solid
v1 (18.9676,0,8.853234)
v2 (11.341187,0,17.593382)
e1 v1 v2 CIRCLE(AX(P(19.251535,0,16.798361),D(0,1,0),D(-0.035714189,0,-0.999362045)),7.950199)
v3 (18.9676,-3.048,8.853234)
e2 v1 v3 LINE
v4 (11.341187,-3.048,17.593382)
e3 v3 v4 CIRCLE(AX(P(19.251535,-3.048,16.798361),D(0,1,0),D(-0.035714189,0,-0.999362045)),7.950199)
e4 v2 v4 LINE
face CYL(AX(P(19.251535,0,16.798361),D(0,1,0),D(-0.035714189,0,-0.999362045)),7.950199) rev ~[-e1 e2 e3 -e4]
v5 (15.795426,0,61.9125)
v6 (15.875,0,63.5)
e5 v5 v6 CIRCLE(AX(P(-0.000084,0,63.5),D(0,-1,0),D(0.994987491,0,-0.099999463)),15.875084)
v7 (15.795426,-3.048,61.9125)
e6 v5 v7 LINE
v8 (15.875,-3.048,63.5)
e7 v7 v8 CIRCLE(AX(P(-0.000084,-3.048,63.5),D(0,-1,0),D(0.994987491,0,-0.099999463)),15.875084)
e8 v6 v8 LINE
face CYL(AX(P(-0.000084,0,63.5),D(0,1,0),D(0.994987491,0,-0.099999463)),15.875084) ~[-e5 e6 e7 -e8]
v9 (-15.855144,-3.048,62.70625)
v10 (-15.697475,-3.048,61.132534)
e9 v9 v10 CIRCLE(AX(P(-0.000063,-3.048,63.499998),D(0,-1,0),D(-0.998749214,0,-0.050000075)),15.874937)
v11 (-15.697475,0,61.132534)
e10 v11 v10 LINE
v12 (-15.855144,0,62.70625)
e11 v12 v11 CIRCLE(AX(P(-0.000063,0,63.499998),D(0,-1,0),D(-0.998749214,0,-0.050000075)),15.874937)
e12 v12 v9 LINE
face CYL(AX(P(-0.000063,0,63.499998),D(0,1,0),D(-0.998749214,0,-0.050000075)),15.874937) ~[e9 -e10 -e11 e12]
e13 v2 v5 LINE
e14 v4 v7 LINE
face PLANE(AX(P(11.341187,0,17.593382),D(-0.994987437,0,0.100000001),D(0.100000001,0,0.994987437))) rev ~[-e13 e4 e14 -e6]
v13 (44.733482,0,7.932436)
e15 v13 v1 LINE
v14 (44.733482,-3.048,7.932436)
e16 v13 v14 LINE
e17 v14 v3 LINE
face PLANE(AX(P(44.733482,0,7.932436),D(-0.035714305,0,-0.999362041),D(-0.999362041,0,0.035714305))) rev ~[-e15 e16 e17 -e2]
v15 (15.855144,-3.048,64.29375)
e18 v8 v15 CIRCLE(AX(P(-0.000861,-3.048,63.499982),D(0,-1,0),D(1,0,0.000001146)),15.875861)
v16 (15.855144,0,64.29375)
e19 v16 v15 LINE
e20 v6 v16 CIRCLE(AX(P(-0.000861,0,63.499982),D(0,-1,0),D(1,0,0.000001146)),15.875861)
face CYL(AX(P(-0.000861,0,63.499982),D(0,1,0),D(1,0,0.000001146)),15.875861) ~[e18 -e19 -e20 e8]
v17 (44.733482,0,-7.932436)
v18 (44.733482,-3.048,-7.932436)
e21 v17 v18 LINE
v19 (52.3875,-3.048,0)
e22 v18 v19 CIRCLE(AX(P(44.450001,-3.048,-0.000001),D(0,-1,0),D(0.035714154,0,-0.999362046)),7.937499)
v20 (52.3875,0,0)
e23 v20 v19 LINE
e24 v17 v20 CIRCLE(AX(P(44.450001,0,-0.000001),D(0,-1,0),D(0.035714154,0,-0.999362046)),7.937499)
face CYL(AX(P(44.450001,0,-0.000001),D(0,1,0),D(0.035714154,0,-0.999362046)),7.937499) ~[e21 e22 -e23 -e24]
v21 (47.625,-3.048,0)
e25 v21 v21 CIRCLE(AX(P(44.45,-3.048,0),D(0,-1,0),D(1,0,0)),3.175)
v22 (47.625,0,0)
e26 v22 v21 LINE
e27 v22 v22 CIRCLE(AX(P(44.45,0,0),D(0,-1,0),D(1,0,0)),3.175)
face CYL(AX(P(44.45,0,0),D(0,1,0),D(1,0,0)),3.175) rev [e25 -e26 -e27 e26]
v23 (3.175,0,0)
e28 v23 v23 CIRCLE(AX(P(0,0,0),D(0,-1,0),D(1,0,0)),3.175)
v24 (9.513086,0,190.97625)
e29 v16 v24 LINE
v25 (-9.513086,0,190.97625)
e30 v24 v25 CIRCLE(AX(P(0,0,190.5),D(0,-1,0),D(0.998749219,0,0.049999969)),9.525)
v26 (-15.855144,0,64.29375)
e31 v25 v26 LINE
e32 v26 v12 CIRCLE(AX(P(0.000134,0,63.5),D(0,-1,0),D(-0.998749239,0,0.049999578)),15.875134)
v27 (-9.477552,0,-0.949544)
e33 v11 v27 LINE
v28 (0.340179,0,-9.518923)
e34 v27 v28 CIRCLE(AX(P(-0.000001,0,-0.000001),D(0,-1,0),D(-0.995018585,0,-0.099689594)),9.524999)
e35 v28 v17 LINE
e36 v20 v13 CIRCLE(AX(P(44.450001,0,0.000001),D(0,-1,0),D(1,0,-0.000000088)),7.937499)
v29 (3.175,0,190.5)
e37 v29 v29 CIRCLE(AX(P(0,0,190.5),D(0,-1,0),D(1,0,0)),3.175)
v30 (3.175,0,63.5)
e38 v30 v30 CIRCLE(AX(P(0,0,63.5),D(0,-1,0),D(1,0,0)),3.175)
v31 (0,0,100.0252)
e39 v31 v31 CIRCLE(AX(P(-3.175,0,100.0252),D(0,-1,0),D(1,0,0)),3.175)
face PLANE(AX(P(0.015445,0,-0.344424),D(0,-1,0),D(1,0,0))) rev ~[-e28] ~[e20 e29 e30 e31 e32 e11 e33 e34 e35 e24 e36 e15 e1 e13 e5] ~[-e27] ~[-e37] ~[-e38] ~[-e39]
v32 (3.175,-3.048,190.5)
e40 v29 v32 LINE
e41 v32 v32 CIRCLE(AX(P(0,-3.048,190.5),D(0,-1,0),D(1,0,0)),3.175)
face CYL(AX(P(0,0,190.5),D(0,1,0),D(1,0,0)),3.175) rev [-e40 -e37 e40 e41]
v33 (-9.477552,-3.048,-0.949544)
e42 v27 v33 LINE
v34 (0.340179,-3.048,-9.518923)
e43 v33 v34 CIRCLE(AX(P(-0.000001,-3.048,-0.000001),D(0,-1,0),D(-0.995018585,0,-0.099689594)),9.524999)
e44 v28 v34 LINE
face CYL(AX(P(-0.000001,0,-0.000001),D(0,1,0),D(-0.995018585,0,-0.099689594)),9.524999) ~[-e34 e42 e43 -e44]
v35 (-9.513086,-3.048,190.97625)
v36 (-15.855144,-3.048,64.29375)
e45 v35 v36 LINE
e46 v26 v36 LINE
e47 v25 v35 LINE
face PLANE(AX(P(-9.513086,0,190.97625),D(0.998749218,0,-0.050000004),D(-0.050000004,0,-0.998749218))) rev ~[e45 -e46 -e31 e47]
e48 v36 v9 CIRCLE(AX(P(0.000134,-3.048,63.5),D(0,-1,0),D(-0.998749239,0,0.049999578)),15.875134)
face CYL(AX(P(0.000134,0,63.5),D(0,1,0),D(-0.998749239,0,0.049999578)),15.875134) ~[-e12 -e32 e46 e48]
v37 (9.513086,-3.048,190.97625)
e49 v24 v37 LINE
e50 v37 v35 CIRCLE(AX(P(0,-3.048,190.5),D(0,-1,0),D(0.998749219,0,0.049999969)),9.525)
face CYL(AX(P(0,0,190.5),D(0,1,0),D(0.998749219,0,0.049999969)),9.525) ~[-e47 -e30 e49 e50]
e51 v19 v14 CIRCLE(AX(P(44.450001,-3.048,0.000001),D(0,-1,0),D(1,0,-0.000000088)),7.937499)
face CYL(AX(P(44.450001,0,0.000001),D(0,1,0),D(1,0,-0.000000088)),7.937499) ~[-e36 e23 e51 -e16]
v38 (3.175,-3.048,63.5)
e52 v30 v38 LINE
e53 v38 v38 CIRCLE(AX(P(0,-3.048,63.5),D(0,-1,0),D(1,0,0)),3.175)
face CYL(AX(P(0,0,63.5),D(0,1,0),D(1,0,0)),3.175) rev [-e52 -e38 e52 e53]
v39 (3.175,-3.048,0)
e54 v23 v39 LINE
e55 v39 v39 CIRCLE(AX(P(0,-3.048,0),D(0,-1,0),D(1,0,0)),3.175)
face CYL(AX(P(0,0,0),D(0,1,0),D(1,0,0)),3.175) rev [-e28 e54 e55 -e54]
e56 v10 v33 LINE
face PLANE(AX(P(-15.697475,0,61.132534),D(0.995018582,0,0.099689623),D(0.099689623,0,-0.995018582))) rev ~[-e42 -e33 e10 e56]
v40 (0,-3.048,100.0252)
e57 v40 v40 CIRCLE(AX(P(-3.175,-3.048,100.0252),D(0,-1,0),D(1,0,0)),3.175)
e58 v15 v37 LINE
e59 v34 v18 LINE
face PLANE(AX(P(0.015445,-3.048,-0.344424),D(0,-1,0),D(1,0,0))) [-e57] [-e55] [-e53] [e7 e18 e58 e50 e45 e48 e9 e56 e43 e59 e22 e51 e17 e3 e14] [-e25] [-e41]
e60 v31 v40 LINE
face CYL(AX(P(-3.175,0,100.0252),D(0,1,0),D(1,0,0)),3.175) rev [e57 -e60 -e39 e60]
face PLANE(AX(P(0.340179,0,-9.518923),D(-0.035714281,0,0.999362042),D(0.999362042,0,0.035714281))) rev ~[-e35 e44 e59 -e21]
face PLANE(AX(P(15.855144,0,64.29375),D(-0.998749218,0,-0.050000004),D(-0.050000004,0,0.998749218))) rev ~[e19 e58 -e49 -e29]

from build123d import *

# Parameters (mm, degrees)
F0_R     = 3.175
F1_DEPTH = 3.048


with BuildPart() as f1:
    # F0 (on Front) → F1 (new body)
    with BuildSketch(Plane.XZ):
        with BuildLine():
            ThreePointArc((0.340179, -9.518923), (6.854408, -6.613827), (9.525, 0))
            ThreePointArc((9.525, 0), (-0.475364, 9.513131), (-9.477552, -0.949544))
            ThreePointArc((-9.477552, -0.949544), (-6.263503, -7.175943), (0.340179, -9.518923))
        make_face()
        Circle(F0_R, mode=Mode.SUBTRACT)
        with BuildLine():
            ThreePointArc((-9.477552, -0.949544), (-0.475364, 9.513131), (9.525, 0))
            ThreePointArc((9.525, 0), (6.854408, -6.613827), (0.340179, -9.518923))
            Line((0.340179, -9.518923), (44.733482, -7.932436))
            ThreePointArc((44.733482, -7.932436), (36.5125, 0), (44.733482, 7.932436))
            Line((44.733482, 7.932436), (18.9676, 8.853234))
            ThreePointArc((18.9676, 8.853234), (13.2612, 11.571359), (11.341187, 17.593382))
            Line((11.341187, 17.593382), (15.795426, 61.9125))
            ThreePointArc((15.795426, 61.9125), (0.393046, 47.629866), (-15.697475, 61.132534))
            Line((-15.697475, 61.132534), (-9.477552, -0.949544))
        make_face()
        with BuildLine():
            Line((-15.855144, 62.70625), (-15.697475, 61.132534))
            ThreePointArc((-15.697475, 61.132534), (0.393046, 47.629866), (15.795426, 61.9125))
            ThreePointArc((15.795426, 61.9125), (15.855094, 62.705253), (15.875, 63.5))
            ThreePointArc((15.875, 63.5), (15.870035, 63.896999), (15.855144, 64.29375))
            ThreePointArc((15.855144, 64.29375), (0, 79.375), (-15.855144, 64.29375))
            ThreePointArc((-15.855144, 64.29375), (-15.875, 63.5), (-15.855144, 62.70625))
        make_face()
        with Locations((0, 63.5)):
            Circle(F0_R, mode=Mode.SUBTRACT)
        with BuildLine():
            ThreePointArc((-15.855144, 62.70625), (-15.79592, 61.917427), (-15.697475, 61.132534))
            Line((-15.697475, 61.132534), (-15.855144, 62.70625))
        make_face()
        with BuildLine():
            ThreePointArc((44.733482, 7.932436), (36.5125, 0), (44.733482, -7.932436))
            ThreePointArc((44.733482, -7.932436), (50.162007, -5.511523), (52.3875, 0))
            ThreePointArc((52.3875, 0), (50.162007, 5.511523), (44.733482, 7.932436))
        make_face()
        with Locations((44.45, 0)):
            Circle(F0_R, mode=Mode.SUBTRACT)
        with BuildLine():
            Line((-9.513086, 190.97625), (-15.855144, 64.29375))
            ThreePointArc((-15.855144, 64.29375), (0, 79.375), (15.855144, 64.29375))
            Line((15.855144, 64.29375), (9.513086, 190.97625))
            ThreePointArc((9.513086, 190.97625), (9.522021, 190.738199), (9.525, 190.5))
            ThreePointArc((9.525, 190.5), (-0.238199, 180.977979), (-9.513086, 190.97625))
        make_face()
        with Locations((-3.175, 100.0252)):
            Circle(F0_R, mode=Mode.SUBTRACT)
        with BuildLine():
            ThreePointArc((9.513086, 190.97625), (0, 200.025), (-9.513086, 190.97625))
            ThreePointArc((-9.513086, 190.97625), (-0.238199, 180.977979), (9.525, 190.5))
            ThreePointArc((9.525, 190.5), (9.522021, 190.738199), (9.513086, 190.97625))
        make_face()
        with Locations((0, 190.5)):
            Circle(F0_R, mode=Mode.SUBTRACT)
    extrude(amount=F1_DEPTH)


solid = f1.part
